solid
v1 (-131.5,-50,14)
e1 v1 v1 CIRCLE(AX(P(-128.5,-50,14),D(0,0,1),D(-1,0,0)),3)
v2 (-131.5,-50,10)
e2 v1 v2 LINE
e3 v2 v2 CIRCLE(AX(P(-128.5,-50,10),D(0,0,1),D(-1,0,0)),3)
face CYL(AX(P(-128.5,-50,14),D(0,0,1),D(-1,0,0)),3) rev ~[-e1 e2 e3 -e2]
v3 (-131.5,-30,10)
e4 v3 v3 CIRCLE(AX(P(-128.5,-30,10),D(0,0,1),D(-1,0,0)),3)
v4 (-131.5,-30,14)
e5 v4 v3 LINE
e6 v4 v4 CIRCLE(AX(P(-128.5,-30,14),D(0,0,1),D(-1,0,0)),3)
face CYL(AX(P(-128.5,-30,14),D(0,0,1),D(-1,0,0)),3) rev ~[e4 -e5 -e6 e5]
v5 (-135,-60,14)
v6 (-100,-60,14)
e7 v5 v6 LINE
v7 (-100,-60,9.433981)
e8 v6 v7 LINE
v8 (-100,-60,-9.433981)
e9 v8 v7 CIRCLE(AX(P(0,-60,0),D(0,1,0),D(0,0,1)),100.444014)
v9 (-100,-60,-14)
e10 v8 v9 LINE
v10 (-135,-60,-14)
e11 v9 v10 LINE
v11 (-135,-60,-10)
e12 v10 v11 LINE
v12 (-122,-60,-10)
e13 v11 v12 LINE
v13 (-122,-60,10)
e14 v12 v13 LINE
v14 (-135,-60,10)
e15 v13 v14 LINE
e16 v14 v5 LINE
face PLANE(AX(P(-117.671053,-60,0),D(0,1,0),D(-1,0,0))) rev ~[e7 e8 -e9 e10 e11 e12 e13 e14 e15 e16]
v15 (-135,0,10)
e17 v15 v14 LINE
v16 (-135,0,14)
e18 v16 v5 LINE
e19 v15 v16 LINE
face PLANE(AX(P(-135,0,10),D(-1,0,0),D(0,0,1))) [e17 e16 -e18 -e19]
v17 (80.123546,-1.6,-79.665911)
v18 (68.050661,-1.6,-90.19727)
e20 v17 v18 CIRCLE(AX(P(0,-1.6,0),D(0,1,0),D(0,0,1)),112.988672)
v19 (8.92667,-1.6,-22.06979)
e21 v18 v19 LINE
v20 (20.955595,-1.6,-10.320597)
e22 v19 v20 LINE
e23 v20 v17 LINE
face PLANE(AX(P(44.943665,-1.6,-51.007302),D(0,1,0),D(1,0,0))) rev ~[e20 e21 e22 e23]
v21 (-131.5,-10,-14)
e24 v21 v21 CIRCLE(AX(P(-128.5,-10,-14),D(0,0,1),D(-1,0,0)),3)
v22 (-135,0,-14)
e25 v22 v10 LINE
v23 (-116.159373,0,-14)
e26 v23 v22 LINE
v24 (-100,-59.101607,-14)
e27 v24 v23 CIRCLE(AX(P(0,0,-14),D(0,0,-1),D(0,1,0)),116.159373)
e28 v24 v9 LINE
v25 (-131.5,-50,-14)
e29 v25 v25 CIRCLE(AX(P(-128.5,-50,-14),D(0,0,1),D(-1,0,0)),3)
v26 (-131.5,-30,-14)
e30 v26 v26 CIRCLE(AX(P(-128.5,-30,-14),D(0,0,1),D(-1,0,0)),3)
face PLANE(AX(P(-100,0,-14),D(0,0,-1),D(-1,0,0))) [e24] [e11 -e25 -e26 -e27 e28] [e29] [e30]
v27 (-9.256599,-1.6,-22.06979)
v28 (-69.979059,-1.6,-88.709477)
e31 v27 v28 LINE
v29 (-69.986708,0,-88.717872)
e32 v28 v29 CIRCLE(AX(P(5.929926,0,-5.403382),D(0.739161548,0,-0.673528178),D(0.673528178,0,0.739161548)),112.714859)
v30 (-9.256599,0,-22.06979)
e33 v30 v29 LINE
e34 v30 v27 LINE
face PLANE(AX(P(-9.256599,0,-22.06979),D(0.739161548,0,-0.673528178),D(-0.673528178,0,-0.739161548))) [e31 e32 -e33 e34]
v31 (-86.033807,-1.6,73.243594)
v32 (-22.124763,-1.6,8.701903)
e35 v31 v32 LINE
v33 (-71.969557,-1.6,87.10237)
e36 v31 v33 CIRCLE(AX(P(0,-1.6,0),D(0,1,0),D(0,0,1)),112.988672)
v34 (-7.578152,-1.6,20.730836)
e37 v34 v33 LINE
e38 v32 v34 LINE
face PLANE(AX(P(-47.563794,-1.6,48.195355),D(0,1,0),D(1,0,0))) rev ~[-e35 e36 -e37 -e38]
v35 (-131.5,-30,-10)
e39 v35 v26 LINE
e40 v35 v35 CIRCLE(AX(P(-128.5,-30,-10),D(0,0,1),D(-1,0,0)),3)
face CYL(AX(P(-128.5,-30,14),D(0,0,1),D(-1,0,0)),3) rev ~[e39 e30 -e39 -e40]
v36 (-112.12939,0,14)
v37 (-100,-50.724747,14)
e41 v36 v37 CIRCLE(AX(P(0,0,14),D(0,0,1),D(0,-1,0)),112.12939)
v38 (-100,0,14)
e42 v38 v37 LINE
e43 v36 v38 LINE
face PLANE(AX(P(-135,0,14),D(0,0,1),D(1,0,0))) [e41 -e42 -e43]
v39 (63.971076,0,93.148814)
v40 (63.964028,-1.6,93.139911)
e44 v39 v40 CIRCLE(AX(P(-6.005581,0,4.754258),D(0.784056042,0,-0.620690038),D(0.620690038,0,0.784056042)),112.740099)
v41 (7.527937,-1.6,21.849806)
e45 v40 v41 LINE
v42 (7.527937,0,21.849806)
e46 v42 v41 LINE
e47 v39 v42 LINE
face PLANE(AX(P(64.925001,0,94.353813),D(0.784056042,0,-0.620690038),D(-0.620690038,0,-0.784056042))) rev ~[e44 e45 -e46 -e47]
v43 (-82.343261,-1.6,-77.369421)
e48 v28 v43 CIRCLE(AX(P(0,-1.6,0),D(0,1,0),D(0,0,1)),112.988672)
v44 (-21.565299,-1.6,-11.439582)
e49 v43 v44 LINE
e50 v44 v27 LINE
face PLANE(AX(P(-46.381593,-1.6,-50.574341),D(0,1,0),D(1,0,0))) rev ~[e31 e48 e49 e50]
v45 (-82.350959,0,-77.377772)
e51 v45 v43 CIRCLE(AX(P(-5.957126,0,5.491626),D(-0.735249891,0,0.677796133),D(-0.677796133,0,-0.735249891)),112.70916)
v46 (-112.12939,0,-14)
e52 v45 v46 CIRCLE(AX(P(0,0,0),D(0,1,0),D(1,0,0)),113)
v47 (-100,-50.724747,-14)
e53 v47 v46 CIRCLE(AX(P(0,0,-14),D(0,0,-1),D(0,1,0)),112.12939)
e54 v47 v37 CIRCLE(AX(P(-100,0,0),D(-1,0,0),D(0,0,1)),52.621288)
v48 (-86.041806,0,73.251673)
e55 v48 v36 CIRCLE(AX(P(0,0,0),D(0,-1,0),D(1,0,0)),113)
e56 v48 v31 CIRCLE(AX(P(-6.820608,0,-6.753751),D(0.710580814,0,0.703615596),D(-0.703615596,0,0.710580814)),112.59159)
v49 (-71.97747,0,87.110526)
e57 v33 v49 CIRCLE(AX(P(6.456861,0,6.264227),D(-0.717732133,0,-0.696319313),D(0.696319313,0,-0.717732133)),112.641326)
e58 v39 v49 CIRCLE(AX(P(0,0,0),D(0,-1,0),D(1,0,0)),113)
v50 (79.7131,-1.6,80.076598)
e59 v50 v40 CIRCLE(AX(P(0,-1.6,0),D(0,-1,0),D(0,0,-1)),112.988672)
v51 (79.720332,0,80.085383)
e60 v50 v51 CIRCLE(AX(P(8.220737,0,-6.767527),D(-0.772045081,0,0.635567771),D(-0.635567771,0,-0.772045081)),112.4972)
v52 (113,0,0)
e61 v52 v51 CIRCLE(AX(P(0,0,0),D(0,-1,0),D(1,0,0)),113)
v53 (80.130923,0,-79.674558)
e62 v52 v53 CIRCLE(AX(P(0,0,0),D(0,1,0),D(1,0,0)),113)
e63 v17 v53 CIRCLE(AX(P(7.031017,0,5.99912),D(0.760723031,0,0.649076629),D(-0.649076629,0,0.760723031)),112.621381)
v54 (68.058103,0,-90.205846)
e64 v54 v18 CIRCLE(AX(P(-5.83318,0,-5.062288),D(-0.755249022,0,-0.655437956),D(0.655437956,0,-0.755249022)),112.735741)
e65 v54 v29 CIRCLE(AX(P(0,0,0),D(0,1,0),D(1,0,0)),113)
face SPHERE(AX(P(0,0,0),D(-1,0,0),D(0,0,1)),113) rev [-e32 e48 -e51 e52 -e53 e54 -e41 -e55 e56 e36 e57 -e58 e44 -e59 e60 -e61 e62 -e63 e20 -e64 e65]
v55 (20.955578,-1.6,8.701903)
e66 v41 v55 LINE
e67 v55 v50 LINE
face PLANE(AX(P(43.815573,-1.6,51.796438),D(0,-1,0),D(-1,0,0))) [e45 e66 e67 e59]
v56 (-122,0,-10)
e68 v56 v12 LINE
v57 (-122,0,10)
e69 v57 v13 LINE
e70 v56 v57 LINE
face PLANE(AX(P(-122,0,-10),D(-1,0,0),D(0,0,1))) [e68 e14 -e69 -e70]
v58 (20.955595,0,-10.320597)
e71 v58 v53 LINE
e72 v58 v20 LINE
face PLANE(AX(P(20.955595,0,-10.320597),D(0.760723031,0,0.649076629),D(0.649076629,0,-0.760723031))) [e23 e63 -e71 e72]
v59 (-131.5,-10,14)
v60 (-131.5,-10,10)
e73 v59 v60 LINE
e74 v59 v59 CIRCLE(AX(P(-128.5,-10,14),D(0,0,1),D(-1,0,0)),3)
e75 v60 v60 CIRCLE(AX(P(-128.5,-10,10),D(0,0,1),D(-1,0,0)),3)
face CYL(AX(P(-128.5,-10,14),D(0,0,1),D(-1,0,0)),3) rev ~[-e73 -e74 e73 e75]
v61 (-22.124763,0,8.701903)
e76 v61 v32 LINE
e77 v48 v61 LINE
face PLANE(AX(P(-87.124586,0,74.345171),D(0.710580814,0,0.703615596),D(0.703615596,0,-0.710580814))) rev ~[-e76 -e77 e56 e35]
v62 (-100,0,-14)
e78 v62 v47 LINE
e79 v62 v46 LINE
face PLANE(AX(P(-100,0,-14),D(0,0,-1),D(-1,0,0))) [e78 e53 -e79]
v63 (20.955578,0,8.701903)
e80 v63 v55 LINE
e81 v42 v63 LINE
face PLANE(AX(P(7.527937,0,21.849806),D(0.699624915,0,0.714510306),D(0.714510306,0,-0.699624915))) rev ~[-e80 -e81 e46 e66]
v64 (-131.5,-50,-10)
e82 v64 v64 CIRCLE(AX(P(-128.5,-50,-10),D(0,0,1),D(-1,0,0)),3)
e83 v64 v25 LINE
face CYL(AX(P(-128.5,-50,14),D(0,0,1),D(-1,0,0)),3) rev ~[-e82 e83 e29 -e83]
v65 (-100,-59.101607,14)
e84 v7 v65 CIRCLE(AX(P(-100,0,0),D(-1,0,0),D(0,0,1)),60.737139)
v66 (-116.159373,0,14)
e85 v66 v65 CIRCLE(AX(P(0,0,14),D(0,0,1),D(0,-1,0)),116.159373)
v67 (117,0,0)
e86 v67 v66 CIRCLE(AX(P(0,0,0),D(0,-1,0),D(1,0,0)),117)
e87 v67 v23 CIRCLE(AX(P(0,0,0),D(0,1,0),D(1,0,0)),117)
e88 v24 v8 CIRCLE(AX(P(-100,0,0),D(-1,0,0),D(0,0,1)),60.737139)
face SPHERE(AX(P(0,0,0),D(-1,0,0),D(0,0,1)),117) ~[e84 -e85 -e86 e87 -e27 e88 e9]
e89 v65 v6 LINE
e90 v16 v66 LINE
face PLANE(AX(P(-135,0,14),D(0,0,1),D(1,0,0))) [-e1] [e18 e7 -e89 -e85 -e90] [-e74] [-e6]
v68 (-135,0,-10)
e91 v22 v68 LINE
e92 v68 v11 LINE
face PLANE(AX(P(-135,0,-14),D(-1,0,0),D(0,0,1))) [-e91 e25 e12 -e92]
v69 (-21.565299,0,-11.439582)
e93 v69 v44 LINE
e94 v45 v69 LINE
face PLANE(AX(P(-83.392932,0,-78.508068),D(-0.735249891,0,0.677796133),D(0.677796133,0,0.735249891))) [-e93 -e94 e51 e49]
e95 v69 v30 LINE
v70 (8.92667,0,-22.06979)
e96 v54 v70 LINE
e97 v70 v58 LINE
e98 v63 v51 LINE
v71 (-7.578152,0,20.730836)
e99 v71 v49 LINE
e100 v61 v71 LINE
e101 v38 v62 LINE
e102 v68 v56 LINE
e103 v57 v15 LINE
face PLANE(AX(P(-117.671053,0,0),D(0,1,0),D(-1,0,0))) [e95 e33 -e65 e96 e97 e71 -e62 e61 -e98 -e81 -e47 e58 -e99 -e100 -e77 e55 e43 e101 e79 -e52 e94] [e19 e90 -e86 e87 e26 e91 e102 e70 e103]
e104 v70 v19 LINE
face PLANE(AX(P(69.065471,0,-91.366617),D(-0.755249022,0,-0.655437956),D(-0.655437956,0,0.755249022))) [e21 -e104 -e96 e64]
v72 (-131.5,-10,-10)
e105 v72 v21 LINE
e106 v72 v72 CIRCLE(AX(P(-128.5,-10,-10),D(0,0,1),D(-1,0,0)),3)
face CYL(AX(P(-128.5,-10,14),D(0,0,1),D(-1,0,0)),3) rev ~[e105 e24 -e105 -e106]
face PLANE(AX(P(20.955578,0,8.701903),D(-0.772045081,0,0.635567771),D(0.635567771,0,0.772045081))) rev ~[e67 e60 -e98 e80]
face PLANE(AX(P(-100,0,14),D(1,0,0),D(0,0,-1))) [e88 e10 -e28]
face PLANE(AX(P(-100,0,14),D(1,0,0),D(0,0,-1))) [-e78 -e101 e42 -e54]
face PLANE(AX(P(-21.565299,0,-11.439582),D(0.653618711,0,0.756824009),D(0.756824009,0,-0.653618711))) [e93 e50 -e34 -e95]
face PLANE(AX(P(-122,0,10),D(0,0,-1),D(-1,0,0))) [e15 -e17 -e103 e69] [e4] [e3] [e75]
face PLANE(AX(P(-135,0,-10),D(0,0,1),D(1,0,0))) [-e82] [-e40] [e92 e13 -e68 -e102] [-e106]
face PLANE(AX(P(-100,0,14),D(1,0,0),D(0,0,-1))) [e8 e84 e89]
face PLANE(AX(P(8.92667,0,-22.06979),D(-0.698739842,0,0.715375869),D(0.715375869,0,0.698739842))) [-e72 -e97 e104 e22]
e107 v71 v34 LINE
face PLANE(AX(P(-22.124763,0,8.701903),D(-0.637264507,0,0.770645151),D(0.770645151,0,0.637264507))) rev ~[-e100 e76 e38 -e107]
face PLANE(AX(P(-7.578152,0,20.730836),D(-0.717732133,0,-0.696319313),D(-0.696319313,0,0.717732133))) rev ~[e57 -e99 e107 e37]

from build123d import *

# Parameters (mm, degrees)
REVOLUTION_ANGLE = 180
PAD_DEPTH        = 60
SKETCH002_R      = 3
HOLE_DEPTH       = 131.001
PAD001_DEPTH     = 1.6


with BuildPart() as part:
    # Sketch → Revolution (revolve)
    with BuildSketch(Plane.XZ):
        with BuildLine():
            ThreePointArc((117, 0), (0, 117), (-117, 0))
            Line((-117, 0), (-113, 0))
            ThreePointArc((113, 0), (0, 113), (-113, 0))
            Line((113, 0), (117, 0))
        make_face()
    revolve(axis=Axis((0, 0, 0), (1, 0, 0)), revolution_arc=REVOLUTION_ANGLE)

    # Sketch001 → Pad (new body)
    with BuildSketch(Plane.XZ):
        Polygon((-100, 14), (-100, -14), (-135, -14), (-135, -10), (-122, -10), (-122, 10), (-135, 10), (-135, 14), align=None)
    extrude(amount=PAD_DEPTH)

    # Sketch002 (on Face3 of Pad) → Hole (cut, through all)
    with BuildSketch(Plane(origin=(0, 0, 14), x_dir=(-1, 0, 0), z_dir=(0, 0, 1))):
        with Locations((128.5, 10)):
            Circle(SKETCH002_R)
        with Locations((128.5, 30)):
            Circle(SKETCH002_R)
        with Locations((128.5, 50)):
            Circle(SKETCH002_R)
    extrude(amount=-HOLE_DEPTH, mode=Mode.SUBTRACT)

    # Sketch003 → Pad001 (join)
    with BuildSketch(Plane(origin=(0, 0, 0), x_dir=(1, 0, 0), z_dir=(0, 1, 0))):
        with BuildLine():
            ThreePointArc((-87.124586, -74.345171), (-80.386247, -81.584001), (-73.048555, -88.214548))
            Line((-7.578152, -20.730836), (-73.048555, -88.214548))
            Line((-22.124763, -8.701903), (-7.578152, -20.730836))
            Line((-87.124586, -74.345171), (-22.124763, -8.701903))
        make_face()
        with BuildLine():
            Line((-83.392932, 78.508068), (-21.565299, 11.439582))
            Line((-21.565299, 11.439582), (-9.256599, 22.06979))
            Line((-9.256599, 22.06979), (-71.022068, 89.854125))
            ThreePointArc((-71.022068, 89.854125), (-77.41564, 84.408036), (-83.392932, 78.508068))
        make_face()
        with BuildLine():
            Line((69.065471, 91.366617), (8.92667, 22.06979))
            Line((8.92667, 22.06979), (20.955595, 10.320597))
            Line((20.955595, 10.320597), (81.129513, 80.844913))
            ThreePointArc((81.129513, 80.844913), (75.281537, 86.316789), (69.065471, 91.366617))
        make_face()
        with BuildLine():
            Line((64.925001, -94.353813), (7.527937, -21.849806))
            Line((7.527937, -21.849806), (20.955578, -8.701903))
            Line((20.955578, -8.701903), (80.699204, -81.274451))
            ThreePointArc((64.925001, -94.353813), (73.105196, -88.167614), (80.699204, -81.274451))
        make_face()
    extrude(amount=-PAD001_DEPTH)


solid = part.part
